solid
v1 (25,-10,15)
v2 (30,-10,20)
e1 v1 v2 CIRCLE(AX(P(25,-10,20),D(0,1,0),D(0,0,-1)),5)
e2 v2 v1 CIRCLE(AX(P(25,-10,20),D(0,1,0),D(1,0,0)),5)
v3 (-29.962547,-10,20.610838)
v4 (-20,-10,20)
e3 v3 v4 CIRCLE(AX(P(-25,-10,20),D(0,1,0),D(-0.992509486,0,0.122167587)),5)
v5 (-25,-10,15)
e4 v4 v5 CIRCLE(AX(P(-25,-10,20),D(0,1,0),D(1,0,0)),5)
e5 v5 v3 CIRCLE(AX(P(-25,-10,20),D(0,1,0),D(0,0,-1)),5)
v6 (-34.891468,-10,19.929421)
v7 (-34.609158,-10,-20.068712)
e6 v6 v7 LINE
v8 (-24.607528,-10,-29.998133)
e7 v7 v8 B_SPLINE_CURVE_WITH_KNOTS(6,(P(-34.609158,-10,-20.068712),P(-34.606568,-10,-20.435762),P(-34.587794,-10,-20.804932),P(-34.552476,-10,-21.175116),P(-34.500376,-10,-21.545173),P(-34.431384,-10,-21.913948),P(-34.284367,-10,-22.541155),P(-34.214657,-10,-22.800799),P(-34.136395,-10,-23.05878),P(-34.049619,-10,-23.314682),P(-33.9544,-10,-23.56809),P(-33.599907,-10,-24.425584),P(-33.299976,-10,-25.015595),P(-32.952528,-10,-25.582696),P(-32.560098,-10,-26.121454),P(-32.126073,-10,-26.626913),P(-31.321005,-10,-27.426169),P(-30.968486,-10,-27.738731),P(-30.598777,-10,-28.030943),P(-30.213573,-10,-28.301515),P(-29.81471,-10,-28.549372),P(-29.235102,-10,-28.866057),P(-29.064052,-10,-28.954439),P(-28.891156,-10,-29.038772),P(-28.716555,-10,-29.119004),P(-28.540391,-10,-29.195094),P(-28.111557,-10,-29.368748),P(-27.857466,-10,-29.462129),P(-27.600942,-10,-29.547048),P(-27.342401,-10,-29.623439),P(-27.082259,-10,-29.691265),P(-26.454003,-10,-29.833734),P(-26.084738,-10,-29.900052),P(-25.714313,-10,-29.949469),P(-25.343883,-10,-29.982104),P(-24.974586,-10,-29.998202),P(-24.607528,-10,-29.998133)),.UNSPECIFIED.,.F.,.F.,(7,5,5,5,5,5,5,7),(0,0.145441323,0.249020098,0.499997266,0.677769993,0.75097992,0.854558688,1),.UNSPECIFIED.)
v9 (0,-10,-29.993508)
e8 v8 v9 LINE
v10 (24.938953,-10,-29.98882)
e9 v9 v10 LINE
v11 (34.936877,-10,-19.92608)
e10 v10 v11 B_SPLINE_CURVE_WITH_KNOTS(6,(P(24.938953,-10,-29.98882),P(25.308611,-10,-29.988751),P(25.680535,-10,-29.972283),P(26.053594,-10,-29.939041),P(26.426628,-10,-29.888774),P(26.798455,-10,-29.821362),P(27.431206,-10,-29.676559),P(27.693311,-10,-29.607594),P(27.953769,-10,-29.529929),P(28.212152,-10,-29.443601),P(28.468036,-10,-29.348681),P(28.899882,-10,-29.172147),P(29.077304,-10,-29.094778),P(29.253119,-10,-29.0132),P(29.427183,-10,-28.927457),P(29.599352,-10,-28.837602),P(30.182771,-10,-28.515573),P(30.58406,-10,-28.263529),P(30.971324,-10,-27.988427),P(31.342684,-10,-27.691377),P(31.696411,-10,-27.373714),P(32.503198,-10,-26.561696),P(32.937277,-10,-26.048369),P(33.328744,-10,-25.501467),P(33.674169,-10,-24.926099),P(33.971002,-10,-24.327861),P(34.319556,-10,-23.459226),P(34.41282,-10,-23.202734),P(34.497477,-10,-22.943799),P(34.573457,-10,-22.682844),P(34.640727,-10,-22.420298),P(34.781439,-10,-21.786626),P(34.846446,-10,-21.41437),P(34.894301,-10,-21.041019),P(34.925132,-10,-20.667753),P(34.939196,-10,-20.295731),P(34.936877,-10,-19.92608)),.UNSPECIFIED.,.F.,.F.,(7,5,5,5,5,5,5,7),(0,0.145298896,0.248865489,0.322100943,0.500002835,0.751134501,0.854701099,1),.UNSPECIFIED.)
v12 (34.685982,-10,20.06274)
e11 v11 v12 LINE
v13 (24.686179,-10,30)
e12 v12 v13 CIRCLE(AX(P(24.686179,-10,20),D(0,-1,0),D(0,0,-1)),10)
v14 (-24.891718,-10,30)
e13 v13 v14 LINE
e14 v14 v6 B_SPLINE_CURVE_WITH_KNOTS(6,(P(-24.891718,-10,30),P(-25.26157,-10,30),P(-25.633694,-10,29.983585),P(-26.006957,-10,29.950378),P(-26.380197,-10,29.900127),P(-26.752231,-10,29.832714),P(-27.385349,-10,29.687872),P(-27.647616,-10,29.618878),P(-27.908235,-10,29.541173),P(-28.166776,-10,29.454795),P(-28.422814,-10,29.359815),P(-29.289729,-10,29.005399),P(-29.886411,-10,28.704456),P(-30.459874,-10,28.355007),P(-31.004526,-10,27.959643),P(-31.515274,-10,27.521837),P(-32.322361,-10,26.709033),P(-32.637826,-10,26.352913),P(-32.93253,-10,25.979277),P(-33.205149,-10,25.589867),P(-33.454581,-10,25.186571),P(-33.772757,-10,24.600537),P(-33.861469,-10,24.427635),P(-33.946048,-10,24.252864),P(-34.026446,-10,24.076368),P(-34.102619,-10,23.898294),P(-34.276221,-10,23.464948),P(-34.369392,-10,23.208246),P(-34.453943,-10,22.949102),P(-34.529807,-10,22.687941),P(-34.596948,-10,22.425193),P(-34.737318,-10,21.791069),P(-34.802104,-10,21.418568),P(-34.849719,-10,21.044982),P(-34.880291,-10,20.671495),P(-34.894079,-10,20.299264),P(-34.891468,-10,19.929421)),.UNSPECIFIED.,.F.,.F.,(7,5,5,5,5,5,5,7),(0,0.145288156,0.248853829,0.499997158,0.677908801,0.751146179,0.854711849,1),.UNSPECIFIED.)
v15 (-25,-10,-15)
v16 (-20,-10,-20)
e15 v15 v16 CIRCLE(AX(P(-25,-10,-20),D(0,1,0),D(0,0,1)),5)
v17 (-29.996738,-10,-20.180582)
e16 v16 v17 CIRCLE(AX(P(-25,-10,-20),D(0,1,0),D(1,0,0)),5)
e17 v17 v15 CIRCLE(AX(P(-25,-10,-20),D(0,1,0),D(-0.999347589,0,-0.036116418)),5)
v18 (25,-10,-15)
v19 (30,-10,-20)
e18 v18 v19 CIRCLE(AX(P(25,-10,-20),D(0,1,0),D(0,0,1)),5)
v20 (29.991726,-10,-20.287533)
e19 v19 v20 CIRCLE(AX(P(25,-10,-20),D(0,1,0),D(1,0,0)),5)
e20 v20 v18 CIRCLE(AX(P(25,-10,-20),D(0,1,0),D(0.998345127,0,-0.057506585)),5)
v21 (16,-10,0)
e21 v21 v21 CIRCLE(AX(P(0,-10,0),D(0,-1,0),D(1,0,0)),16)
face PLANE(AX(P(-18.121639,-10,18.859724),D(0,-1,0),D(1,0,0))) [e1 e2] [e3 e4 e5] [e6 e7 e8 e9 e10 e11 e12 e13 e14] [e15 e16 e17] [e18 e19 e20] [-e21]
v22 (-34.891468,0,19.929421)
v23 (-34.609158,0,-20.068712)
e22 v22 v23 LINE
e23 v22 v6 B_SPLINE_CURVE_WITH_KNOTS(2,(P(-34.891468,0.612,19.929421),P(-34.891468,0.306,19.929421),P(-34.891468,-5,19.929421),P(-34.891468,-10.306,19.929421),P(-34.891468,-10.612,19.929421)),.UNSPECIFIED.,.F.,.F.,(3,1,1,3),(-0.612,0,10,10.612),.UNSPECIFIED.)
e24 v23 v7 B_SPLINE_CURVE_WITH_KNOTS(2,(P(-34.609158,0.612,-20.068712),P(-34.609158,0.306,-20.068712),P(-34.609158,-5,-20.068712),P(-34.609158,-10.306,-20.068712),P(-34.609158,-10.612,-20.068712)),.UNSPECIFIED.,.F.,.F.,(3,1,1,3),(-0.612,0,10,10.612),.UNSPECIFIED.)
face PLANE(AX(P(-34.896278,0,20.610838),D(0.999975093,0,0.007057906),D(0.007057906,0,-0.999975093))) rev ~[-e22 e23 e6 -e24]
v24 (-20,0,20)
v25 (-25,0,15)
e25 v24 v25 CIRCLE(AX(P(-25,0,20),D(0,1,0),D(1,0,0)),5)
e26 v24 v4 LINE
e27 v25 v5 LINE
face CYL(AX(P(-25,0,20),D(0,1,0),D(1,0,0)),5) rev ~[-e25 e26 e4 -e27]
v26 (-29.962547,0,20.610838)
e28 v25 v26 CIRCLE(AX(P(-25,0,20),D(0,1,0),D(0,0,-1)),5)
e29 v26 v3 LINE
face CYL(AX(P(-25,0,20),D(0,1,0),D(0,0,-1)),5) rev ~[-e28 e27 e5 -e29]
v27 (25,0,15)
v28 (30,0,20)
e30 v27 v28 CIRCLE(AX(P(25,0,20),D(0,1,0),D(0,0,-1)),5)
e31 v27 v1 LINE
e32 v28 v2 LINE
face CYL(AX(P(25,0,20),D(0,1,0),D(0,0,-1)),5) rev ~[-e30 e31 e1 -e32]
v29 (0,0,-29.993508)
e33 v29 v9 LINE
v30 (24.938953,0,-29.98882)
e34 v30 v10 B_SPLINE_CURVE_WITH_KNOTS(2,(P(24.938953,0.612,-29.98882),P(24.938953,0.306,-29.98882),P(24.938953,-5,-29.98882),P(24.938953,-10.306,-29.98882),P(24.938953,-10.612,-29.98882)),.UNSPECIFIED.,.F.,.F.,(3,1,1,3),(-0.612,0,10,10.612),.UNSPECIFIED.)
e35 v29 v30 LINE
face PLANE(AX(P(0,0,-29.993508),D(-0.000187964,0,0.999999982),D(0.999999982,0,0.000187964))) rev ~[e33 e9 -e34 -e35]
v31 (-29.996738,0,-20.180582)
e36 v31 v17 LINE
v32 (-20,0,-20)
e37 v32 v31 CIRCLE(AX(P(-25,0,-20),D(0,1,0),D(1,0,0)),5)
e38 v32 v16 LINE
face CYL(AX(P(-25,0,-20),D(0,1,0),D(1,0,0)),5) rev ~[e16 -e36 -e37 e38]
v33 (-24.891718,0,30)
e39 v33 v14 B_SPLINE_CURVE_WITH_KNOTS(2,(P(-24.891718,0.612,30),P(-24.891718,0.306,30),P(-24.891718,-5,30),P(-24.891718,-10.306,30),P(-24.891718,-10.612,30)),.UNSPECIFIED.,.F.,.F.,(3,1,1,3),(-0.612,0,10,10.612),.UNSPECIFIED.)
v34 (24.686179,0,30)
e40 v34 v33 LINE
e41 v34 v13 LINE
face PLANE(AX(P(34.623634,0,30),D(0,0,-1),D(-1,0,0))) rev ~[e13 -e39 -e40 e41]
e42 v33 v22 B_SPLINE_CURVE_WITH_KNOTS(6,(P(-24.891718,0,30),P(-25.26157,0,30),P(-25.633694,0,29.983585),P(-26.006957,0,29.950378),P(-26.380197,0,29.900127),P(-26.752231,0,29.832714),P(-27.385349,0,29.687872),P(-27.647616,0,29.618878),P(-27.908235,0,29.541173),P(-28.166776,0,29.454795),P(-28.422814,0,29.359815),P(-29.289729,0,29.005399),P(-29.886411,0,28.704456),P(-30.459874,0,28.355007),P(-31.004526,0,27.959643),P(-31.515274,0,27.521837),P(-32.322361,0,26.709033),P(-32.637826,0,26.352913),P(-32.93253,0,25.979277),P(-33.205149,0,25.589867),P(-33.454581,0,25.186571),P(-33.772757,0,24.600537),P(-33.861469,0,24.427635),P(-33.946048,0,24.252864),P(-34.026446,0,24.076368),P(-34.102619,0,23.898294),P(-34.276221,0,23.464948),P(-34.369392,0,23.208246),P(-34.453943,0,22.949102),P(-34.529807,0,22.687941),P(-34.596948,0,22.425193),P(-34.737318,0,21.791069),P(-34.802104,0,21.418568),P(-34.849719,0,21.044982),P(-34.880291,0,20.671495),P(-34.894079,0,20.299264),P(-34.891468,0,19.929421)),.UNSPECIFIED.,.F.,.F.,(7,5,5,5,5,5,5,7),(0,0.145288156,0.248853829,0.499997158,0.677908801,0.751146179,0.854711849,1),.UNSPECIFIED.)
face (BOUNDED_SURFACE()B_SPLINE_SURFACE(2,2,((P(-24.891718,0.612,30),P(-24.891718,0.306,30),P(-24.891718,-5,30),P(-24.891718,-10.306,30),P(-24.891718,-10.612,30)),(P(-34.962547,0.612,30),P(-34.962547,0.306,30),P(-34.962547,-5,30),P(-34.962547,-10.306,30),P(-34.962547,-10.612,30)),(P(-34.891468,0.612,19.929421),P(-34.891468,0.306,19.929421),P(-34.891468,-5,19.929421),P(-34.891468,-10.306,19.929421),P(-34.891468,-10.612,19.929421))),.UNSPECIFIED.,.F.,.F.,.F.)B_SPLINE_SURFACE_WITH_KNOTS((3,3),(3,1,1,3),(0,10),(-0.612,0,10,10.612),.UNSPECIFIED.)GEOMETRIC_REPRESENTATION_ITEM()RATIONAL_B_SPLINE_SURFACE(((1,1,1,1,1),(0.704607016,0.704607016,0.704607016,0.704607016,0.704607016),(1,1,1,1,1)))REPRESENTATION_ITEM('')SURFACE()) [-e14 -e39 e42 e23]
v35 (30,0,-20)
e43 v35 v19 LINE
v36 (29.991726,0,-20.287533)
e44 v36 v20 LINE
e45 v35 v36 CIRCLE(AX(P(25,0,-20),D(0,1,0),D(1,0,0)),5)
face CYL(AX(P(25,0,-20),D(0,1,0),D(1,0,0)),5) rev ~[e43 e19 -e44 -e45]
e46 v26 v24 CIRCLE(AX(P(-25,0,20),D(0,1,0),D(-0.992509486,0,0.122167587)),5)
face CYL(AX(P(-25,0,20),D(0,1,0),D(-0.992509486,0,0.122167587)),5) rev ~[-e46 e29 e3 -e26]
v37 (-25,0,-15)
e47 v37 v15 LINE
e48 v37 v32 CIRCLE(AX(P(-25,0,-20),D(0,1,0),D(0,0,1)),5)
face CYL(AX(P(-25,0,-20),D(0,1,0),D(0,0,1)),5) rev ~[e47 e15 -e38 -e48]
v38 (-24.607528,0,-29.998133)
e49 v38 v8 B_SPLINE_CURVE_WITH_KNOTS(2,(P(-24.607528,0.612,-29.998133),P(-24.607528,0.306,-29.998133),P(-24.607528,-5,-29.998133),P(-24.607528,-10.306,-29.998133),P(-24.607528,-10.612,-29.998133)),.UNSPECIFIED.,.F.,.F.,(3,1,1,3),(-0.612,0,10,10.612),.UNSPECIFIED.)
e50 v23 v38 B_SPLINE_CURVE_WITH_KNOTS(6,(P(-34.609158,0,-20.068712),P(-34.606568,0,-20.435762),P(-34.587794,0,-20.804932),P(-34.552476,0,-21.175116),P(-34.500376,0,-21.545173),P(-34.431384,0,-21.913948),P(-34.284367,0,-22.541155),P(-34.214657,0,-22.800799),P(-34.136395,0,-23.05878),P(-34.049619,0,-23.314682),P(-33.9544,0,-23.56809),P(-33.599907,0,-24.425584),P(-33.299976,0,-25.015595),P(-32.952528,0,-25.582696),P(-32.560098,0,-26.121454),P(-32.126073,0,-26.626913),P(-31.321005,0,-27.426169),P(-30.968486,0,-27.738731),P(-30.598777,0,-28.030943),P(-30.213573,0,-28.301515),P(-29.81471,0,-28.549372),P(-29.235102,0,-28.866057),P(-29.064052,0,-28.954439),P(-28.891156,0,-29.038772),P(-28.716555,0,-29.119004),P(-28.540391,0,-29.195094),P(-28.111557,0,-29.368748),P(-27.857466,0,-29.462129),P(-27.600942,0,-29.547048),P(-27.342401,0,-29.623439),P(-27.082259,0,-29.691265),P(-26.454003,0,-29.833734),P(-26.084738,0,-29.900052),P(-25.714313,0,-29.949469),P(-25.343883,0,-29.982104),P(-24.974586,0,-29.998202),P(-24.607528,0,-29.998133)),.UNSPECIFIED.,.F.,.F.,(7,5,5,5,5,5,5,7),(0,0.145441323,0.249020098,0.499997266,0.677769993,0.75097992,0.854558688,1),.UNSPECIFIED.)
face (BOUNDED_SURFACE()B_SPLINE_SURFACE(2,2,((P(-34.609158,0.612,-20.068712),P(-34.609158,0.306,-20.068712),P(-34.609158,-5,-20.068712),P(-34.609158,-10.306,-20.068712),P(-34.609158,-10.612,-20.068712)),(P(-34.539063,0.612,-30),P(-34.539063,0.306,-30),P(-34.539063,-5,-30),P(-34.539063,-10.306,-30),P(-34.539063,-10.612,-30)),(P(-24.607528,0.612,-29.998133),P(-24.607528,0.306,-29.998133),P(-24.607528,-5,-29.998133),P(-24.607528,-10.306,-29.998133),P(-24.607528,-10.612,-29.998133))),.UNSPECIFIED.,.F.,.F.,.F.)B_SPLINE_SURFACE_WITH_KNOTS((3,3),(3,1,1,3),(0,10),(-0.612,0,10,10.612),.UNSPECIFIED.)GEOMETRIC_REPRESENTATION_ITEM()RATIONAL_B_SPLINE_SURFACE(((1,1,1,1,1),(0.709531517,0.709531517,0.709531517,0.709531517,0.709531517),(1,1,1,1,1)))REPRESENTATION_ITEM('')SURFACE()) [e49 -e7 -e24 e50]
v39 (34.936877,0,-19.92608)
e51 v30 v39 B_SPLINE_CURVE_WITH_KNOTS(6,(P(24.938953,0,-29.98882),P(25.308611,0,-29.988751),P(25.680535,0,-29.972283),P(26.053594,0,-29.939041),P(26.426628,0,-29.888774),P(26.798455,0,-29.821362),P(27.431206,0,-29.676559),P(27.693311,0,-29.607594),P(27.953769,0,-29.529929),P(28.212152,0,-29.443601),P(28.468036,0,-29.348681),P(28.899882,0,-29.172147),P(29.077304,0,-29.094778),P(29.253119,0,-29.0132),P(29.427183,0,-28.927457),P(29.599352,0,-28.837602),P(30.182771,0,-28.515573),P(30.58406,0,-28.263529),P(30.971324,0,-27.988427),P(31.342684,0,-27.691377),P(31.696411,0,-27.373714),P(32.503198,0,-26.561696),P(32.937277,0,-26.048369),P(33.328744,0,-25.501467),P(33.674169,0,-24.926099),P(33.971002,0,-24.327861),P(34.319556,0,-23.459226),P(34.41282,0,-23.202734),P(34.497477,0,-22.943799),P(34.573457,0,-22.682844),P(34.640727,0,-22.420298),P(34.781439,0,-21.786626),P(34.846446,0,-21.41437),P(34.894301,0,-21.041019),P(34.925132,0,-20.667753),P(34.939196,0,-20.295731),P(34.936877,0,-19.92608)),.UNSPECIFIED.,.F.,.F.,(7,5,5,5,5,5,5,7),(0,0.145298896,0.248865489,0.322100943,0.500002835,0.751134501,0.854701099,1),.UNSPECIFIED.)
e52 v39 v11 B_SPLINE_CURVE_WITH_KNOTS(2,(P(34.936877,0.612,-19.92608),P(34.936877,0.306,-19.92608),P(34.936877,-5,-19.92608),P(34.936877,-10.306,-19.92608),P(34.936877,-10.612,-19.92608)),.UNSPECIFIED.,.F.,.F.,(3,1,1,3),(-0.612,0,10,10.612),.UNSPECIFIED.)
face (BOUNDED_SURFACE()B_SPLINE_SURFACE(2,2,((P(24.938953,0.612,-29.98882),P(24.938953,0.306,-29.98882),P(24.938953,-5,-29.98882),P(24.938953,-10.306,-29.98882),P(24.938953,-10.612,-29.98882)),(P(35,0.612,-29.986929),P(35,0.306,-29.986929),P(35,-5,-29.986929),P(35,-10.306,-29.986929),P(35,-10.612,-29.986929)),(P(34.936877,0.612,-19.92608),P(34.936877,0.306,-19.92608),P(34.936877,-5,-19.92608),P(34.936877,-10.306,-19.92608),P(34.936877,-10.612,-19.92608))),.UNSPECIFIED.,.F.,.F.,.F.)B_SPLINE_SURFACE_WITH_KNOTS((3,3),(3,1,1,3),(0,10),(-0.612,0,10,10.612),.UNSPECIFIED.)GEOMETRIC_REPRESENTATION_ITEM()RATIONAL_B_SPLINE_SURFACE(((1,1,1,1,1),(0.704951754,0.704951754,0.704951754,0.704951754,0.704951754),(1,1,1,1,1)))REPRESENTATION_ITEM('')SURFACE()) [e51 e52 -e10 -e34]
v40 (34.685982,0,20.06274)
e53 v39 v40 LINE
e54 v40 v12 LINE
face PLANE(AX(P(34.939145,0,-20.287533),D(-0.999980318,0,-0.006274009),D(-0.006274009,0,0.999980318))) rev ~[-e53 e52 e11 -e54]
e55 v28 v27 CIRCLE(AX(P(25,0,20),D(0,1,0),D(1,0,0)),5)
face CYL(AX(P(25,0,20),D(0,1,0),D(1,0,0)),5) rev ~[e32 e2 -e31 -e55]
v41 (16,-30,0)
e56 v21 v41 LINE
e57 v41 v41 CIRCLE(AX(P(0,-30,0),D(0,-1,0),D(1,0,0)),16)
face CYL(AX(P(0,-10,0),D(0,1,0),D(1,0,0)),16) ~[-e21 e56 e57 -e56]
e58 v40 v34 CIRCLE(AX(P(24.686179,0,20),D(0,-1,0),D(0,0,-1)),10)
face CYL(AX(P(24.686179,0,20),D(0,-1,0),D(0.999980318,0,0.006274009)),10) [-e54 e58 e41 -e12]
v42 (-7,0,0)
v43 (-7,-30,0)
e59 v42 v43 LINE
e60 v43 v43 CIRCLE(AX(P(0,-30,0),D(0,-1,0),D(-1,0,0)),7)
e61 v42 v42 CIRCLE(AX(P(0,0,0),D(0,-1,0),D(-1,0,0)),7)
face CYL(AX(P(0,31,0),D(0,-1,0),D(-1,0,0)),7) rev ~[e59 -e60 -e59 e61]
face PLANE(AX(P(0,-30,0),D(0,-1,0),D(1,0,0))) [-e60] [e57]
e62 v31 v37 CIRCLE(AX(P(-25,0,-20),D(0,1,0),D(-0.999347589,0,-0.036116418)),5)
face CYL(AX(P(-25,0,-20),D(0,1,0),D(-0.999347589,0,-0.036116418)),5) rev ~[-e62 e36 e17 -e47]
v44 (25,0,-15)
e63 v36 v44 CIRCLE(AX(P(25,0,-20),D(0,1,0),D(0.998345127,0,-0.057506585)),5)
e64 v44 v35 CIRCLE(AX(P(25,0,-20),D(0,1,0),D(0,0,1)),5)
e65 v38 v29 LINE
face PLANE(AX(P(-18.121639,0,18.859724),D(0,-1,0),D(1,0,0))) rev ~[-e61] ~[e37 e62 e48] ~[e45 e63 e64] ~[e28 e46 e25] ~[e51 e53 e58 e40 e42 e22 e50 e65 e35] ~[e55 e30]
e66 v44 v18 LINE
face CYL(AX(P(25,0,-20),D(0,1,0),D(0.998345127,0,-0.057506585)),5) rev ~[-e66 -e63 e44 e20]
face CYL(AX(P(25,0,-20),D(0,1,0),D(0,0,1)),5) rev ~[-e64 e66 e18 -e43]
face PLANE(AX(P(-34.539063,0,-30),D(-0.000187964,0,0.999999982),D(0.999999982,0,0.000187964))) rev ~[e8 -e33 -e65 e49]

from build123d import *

# Parameters (mm, degrees)
F1_DEPTH = 10
F2_R     = 10
F3_R     = 16
F4_DEPTH = 20
F5_D     = 14
F5_DEPTH = 31
F5_TIP   = 4.2060243332


with BuildPart() as f1:
    # F0 (on Front) → F1 (new body)
    with BuildSketch(Plane.XZ):
        with BuildLine():
            ThreePointArc((-16, 0), (-11.313708499, 11.313708499), (0, 16))
            Line((0, 16), (0, 30))
            Line((0, 30), (-34.9625474322, 30))
            Line((-34.9625474322, 30), (-34.8962779592, 20.6108379355))
            Line((-34.8962779592, 20.6108379355), (-29.9625474322, 20.6108379355))
            ThreePointArc((-29.9625474322, 20.6108379355), (-24.6940074845, 24.9906280747), (-20, 20))
            ThreePointArc((-20, 20), (-21.4644660941, 16.4644660941), (-25, 15))
            Line((-25, 15), (-25, 0))
            Line((-25, 0), (-16, 0))
        make_face()
        with BuildLine():
            ThreePointArc((0, 16), (11.313708499, 11.313708499), (16, 0))
            Line((16, 0), (25, 0))
            Line((25, 0), (25, 15))
            ThreePointArc((25, 15), (21.4644660941, 23.5355339059), (30, 20))
            Line((30, 20), (34.6863753932, 20))
            Line((34.6863753932, 20), (34.6236340702, 30))
            Line((34.6236340702, 30), (0, 30))
            Line((0, 30), (0, 16))
        make_face()
        with BuildLine():
            Line((25, 0), (16, 0))
            ThreePointArc((16, 0), (11.313708499, -11.313708499), (0, -16))
            Line((0, -16), (0, -29.9935078941))
            Line((0, -29.9935078941), (35, -29.9869291484))
            Line((35, -29.9869291484), (34.9391447048, -20.2875329247))
            Line((34.9391447048, -20.2875329247), (29.9917256352, -20.2875329247))
            ThreePointArc((29.9917256352, -20.2875329247), (21.3642287872, -23.432370564), (25, -15))
            Line((25, -15), (25, 0))
        make_face()
        with BuildLine():
            Line((0, -29.9935078941), (0, -16))
            ThreePointArc((0, -16), (-11.313708499, -11.313708499), (-16, 0))
            Line((-16, 0), (-25, 0))
            Line((-25, 0), (-25, -15))
            ThreePointArc((-25, -15), (-21.4644660941, -16.4644660941), (-20, -20))
            ThreePointArc((-20, -20), (-24.9096942239, -24.9991844202), (-29.9967379467, -20.1805820915))
            Line((-29.9967379467, -20.1805820915), (-34.6083687837, -20.1805820915))
            Line((-34.6083687837, -20.1805820915), (-34.5390625298, -30))
            Line((-34.5390625298, -30), (0, -29.9935078941))
        make_face()
        with BuildLine():
            Line((-25, -15), (-25, 0))
            Line((-25, 0), (-25, 15))
            ThreePointArc((-25, 15), (-28.7452763368, 16.6874624287), (-29.9625474322, 20.6108379355))
            Line((-29.9625474322, 20.6108379355), (-34.8962779592, 20.6108379355))
            Line((-34.8962779592, 20.6108379355), (-34.6083687837, -20.1805820915))
            Line((-34.6083687837, -20.1805820915), (-29.9967379467, -20.1805820915))
            ThreePointArc((-29.9967379467, -20.1805820915), (-28.5988130305, -16.5288986227), (-25, -15))
        make_face()
        with BuildLine():
            Line((25, 15), (25, 0))
            Line((25, 0), (25, -15))
            ThreePointArc((25, -15), (28.5355339059, -16.4644660941), (30, -20))
            ThreePointArc((30, -20), (29.9979309807, -20.1438259781), (29.9917256352, -20.2875329247))
            Line((29.9917256352, -20.2875329247), (34.9391447048, -20.2875329247))
            Line((34.9391447048, -20.2875329247), (34.6863753932, 20))
            Line((34.6863753932, 20), (30, 20))
            ThreePointArc((30, 20), (28.5355339059, 16.4644660941), (25, 15))
        make_face()
        with BuildLine():
            ThreePointArc((-16, 0), (-11.313708499, -11.313708499), (0, -16))
            Line((0, -16), (0, 0))
            Line((0, 0), (-16, 0))
        make_face()
        with BuildLine():
            Line((0, 0), (0, 16))
            ThreePointArc((0, 16), (-11.313708499, 11.313708499), (-16, 0))
            Line((-16, 0), (0, 0))
        make_face()
        with BuildLine():
            Line((0, 0), (16, 0))
            ThreePointArc((16, 0), (11.313708499, 11.313708499), (0, 16))
            Line((0, 16), (0, 0))
        make_face()
        with BuildLine():
            ThreePointArc((0, -16), (11.313708499, -11.313708499), (16, 0))
            Line((16, 0), (0, 0))
            Line((0, 0), (0, -16))
        make_face()
    extrude(amount=F1_DEPTH)

    # F2
    f2_edges = [f1.edges().sort_by_distance(p)[0] for p in [
        (34.623634, -5, 30),
        (-34.962547, -5, 30),
        (35, -5, -29.986929),
        (-34.539063, -5, -30),
    ]]
    fillet(f2_edges, radius=F2_R)

    # F3 (on face) → F4 (join)
    with BuildSketch(Plane.XZ.offset(10)):
        Circle(F3_R)
    extrude(amount=F4_DEPTH)

    # F5
    with Locations(Plane(origin=(0, 0, 0), x_dir=(1, 0, 0), z_dir=(0, 1, 0))):
        with Locations((0, 0)):
            Hole(F5_D / 2, depth=F5_DEPTH)
            with Locations((0, 0, -(F5_DEPTH + F5_TIP / 2))):  # 118° drill point
                Cone(0, F5_D / 2, F5_TIP, mode=Mode.SUBTRACT)


solid = f1.part
